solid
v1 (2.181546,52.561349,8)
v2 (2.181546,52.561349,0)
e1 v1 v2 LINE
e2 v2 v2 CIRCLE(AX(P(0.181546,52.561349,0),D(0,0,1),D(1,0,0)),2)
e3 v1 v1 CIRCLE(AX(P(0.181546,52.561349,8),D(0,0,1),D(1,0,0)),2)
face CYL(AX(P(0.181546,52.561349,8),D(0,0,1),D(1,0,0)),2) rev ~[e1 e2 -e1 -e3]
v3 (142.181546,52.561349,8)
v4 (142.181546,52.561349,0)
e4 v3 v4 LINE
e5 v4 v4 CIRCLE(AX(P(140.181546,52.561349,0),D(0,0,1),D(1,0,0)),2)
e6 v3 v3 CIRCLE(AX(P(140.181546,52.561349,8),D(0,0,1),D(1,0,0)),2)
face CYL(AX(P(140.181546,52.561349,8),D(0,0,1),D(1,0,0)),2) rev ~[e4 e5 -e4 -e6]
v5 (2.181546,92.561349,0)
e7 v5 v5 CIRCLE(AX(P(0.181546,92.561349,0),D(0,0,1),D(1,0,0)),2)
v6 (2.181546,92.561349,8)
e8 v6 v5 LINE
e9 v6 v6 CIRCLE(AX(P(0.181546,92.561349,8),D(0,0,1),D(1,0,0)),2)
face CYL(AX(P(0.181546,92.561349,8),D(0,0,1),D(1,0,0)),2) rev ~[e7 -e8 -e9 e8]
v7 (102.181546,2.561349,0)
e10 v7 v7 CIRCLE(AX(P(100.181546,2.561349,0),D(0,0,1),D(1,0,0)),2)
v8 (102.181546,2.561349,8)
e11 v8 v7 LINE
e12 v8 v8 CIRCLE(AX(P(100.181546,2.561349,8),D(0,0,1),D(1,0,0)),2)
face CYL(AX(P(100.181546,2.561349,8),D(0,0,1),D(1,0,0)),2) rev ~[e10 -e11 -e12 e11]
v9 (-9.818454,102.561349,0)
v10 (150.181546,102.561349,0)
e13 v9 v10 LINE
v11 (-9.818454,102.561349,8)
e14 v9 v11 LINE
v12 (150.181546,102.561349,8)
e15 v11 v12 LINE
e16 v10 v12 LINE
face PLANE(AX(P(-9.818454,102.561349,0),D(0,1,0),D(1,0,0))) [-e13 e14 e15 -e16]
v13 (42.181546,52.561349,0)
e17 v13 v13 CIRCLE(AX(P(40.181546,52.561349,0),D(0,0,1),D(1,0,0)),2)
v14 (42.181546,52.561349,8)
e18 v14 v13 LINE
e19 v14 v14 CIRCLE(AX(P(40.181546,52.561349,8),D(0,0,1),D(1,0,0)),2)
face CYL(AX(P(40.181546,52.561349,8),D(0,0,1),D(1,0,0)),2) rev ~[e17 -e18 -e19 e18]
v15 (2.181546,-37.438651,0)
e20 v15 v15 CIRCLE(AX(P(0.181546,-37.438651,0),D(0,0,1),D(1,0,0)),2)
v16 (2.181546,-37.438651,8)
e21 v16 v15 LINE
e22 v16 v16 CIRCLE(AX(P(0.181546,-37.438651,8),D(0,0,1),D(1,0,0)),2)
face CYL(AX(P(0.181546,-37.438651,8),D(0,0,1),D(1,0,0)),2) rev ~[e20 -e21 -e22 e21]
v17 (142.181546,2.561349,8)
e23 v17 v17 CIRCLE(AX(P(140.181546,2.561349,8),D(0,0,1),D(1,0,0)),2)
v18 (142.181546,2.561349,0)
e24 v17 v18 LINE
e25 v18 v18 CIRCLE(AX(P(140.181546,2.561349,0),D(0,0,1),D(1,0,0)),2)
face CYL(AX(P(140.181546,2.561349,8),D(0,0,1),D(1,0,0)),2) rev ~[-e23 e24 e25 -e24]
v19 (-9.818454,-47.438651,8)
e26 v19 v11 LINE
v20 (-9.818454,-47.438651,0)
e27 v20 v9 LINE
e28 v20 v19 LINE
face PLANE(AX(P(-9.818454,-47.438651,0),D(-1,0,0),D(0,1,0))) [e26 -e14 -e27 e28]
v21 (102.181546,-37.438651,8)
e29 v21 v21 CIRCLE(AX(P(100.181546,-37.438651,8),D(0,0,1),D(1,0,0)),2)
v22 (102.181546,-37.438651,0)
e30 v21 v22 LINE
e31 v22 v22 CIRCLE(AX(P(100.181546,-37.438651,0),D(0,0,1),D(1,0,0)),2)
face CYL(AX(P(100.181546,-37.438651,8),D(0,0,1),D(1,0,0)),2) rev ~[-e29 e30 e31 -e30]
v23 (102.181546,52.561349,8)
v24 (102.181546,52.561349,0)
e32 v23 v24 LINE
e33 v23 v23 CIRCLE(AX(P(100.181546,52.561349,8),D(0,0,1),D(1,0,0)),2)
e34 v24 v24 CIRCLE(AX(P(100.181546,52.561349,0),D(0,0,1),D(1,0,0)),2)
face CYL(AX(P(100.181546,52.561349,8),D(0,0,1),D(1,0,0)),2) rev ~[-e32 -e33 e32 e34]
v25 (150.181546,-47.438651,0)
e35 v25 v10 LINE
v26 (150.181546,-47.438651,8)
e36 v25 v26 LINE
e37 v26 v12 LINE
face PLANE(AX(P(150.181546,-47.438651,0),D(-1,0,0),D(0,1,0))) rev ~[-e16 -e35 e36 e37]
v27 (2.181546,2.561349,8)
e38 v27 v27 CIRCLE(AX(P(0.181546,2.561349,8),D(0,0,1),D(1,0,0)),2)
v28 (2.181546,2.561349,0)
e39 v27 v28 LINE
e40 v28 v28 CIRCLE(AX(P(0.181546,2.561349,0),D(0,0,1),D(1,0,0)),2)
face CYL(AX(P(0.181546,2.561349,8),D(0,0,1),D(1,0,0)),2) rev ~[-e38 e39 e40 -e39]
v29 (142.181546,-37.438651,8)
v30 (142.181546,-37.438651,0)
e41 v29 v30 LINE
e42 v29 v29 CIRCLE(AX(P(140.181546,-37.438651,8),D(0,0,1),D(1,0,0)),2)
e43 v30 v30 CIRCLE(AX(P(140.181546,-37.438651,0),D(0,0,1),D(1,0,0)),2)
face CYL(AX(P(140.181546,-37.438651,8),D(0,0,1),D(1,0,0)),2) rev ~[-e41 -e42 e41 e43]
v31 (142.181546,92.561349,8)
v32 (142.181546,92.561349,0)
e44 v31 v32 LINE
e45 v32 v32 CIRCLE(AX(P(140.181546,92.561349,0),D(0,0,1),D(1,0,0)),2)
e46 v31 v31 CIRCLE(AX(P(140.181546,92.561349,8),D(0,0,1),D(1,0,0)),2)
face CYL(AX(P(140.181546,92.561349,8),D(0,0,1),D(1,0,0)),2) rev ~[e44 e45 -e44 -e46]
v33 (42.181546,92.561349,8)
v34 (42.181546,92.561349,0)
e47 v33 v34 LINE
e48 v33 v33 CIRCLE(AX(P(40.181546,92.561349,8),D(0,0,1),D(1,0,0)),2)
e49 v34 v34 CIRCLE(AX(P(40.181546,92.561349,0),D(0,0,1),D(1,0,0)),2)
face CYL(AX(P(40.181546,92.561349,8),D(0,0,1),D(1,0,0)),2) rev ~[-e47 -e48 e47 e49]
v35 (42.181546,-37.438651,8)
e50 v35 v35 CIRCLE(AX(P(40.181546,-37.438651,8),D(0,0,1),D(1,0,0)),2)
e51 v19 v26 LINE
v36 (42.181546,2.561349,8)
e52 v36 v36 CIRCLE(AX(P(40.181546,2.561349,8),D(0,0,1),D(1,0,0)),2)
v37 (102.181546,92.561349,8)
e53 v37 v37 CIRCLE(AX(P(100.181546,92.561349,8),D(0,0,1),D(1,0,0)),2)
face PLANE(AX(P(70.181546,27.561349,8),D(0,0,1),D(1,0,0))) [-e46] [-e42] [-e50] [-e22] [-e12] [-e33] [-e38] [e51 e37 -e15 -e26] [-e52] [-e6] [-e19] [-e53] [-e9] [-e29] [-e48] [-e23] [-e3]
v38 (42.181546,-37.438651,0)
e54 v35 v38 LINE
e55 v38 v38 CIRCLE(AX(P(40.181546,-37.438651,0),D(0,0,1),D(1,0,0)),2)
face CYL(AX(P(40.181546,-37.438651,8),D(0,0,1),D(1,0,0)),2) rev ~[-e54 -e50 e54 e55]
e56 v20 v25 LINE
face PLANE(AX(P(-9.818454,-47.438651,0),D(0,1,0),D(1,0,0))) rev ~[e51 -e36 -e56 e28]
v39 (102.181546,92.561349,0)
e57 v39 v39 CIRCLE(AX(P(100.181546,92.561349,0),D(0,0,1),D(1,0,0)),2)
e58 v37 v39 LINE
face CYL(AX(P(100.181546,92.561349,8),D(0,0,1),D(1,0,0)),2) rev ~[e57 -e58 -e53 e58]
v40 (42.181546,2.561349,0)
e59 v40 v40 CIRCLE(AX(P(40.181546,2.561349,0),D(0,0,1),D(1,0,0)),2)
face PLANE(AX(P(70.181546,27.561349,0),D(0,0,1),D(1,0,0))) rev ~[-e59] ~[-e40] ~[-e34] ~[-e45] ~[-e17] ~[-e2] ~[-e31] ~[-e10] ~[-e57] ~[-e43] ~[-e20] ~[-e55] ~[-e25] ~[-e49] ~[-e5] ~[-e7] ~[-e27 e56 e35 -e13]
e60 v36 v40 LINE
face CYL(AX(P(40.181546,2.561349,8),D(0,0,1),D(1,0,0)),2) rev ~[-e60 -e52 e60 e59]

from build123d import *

# Parameters (mm, degrees)
F0_W     = 160
F0_H     = 150
F1_DEPTH = 8
F3_R     = 2
F4_DEPTH = 8.001


with BuildPart() as f1:
    # F0 (on Top) → F1 (new body)
    with BuildSketch(Plane.XY):
        with Locations((70.181546, 27.561349)):
            Rectangle(F0_W, F0_H)
    extrude(amount=F1_DEPTH)

    # F3 (on face) → F4 (cut, through all)
    with BuildSketch(Plane.XY.offset(8)):
        with Locations((0.181546, 92.561349)):
            Circle(F3_R)
        with Locations((40.181546, 92.561349)):
            Circle(F3_R)
        with Locations((100.181546, 92.561349)):
            Circle(F3_R)
        with Locations((140.181546, 92.561349)):
            Circle(F3_R)
        with Locations((140.181546, 52.561349)):
            Circle(F3_R)
        with Locations((100.181546, 52.561349)):
            Circle(F3_R)
        with Locations((40.181546, 52.561349)):
            Circle(F3_R)
        with Locations((0.181546, 52.561349)):
            Circle(F3_R)
        with Locations((0.181546, 2.561349)):
            Circle(F3_R)
        with Locations((40.181546, 2.561349)):
            Circle(F3_R)
        with Locations((100.181546, 2.561349)):
            Circle(F3_R)
        with Locations((140.181546, 2.561349)):
            Circle(F3_R)
        with Locations((140.181546, -37.438651)):
            Circle(F3_R)
        with Locations((100.181546, -37.438651)):
            Circle(F3_R)
        with Locations((40.181546, -37.438651)):
            Circle(F3_R)
        with Locations((0.181546, -37.438651)):
            Circle(F3_R)
    extrude(amount=-F4_DEPTH, mode=Mode.SUBTRACT)


solid = f1.part
